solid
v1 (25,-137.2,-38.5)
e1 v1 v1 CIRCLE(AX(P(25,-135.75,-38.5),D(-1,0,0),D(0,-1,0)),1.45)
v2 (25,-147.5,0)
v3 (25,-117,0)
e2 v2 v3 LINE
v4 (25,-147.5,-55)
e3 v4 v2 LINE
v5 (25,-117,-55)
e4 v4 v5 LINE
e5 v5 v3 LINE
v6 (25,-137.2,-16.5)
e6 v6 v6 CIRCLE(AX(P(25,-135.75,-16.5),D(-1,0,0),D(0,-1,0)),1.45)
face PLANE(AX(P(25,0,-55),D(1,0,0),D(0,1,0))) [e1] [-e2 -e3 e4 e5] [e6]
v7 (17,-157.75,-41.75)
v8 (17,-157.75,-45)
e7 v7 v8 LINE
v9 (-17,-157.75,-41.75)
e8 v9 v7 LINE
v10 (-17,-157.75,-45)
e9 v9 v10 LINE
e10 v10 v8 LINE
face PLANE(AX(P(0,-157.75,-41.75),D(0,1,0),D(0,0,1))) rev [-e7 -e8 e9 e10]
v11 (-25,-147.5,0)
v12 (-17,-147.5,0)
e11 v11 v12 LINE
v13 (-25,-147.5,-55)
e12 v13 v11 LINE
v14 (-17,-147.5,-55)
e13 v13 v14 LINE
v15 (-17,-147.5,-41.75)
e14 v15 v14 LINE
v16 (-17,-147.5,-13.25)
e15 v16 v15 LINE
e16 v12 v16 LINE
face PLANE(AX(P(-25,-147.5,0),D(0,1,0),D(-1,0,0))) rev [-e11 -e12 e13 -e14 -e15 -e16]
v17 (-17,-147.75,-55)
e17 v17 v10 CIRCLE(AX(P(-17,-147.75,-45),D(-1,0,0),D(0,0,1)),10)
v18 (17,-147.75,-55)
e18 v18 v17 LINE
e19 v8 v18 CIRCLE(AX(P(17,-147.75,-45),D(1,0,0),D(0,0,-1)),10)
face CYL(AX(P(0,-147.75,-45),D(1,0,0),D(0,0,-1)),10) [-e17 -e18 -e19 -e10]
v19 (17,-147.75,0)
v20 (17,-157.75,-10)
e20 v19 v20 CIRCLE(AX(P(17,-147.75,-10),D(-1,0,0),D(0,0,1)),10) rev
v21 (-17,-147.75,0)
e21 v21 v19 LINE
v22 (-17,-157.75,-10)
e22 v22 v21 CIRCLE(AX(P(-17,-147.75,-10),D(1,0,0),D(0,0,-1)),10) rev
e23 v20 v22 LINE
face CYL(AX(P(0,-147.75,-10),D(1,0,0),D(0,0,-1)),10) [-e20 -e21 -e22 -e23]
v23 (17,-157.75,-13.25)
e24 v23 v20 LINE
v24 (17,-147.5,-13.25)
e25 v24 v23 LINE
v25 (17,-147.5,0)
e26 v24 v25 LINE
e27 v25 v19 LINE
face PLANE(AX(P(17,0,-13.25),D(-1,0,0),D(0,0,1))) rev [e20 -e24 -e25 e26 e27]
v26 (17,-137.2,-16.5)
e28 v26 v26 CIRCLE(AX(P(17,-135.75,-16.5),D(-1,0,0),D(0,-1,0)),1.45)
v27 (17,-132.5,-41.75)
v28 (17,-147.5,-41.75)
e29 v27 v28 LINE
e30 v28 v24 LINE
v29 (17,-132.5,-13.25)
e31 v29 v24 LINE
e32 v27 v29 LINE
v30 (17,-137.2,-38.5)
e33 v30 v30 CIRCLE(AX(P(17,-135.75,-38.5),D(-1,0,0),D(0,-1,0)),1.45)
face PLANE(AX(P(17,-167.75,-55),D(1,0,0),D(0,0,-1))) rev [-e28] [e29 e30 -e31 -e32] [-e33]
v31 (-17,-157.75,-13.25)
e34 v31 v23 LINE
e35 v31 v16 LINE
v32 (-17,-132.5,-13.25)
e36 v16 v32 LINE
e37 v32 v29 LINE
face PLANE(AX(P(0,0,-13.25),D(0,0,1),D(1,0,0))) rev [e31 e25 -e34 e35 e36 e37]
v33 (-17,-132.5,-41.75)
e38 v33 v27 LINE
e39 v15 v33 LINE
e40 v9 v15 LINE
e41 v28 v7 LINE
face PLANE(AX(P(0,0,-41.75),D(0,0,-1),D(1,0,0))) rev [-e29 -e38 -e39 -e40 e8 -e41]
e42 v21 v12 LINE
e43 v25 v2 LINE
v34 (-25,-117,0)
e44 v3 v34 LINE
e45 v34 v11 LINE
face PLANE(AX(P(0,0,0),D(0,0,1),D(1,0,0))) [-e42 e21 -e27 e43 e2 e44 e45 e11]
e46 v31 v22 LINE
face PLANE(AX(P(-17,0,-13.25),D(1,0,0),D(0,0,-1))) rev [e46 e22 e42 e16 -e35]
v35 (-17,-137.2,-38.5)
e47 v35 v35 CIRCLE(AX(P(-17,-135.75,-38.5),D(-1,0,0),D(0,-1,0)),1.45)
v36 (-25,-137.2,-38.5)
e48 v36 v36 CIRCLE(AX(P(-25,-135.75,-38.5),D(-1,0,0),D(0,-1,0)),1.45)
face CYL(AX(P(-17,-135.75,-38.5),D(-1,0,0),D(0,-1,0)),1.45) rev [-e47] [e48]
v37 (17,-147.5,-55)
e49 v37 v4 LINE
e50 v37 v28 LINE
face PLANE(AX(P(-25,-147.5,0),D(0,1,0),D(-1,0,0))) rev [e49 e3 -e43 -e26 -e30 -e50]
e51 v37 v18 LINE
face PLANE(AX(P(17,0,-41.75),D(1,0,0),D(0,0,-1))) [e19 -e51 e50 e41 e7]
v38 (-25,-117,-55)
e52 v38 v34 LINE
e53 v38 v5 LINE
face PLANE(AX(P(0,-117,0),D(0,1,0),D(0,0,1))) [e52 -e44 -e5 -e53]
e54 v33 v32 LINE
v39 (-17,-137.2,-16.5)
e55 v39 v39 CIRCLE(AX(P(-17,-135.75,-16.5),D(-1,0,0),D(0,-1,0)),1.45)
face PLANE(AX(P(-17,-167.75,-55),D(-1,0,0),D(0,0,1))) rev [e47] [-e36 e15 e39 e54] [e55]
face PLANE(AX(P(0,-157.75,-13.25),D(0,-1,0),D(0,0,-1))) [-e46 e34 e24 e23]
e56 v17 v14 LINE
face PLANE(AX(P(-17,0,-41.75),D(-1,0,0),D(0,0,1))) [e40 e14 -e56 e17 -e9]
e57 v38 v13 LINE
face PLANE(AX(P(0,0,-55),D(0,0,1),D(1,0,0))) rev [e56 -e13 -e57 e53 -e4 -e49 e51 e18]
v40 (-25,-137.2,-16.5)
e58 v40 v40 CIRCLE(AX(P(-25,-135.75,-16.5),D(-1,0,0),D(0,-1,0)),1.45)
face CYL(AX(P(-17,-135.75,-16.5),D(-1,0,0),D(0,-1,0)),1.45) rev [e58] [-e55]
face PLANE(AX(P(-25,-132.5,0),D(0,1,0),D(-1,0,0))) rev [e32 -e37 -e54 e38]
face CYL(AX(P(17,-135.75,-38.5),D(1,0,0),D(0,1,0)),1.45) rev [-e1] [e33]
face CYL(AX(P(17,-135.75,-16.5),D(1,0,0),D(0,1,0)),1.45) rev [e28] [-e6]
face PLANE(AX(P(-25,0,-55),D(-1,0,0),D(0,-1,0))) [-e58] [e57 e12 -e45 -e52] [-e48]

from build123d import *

# Parameters (mm, degrees)
SKETCH1_W           = 50
SKETCH1_H           = 170
BOSS_EXTRUDE1_DEPTH = 55
SKETCH2_W           = 34
SKETCH2_H           = 27
CUT_EXTRUDE1_DEPTH  = 181.416185527
SKETCH3_W           = 10
SKETCH3_H           = 24
SKETCH3_R           = 4.25
SKETCH3_R_2         = 1
CUT_EXTRUDE2_DEPTH  = 186.539753153
SKETCH4_W           = 2
SKETCH4_H           = 24
CUT_EXTRUDE3_DEPTH  = 178.623196683
SKETCH5_W           = 6.25
SKETCH5_H           = 11.25
CUT_EXTRUDE4_DEPTH  = 186.539753153
SKETCH6_W           = 38
SKETCH6_H           = 10
CUT_EXTRUDE5_DEPTH  = 181.416185527
SKETCH8_W           = 13.25
SKETCH8_H           = 2.25
CUT_EXTRUDE7_DEPTH  = 186.539753153
SKETCH9_W           = 34
SKETCH9_H           = 35.25
CUT_EXTRUDE8_DEPTH  = 179.297679458
SKETCH11_W          = 13.25
SKETCH11_H          = 20.25
CUT_EXTRUDE9_DEPTH  = 184.480414486
SKETCH12_W          = 28.5
SKETCH12_H          = 15
BOSS_EXTRUDE2_DEPTH = 8
SKETCH14_W          = 34
SKETCH14_H          = 15
SKETCH14_H_2        = 10.25
BOSS_EXTRUDE3_DEPTH = 13.25
SKETCH16_R          = 4.5
SKETCH16_R_2        = 2.5
CUT_EXTRUDE13_DEPTH = 8
SKETCH17_W          = 16.25
SKETCH17_H          = 18
CUT_EXTRUDE14_DEPTH = 175.384811552
CUT_EXTRUDE15_DEPTH = 175.384811552
SKETCH20_W          = 42
SKETCH20_H          = 6.25
SKETCH20_H_2        = 18
SKETCH20_H_3        = 58.75
CUT_EXTRUDE18_DEPTH = 169.923244404
SKETCH22_R          = 4.5
SKETCH22_R_2        = 1.45
BOSS_EXTRUDE4_DEPTH = 8
SKETCH23_W          = 2
SKETCH23_H          = 10
CUT_EXTRUDE19_DEPTH = 165.352137193
FILLET1_R           = 10
SKETCH24_W          = 55
SKETCH24_H          = 55
CUT_EXTRUDE20_DEPTH = 175.384811552
SKETCH25_W          = 109.643028434
SKETCH25_H          = 82.573484069
CUT_EXTRUDE21_DEPTH = 175.384811552


with BuildPart() as part:
    # Sketch1 → Boss-Extrude1 (new body)
    with BuildSketch(Plane.XY):
        with Locations((0, -85)):
            Rectangle(SKETCH1_W, SKETCH1_H)
    extrude(amount=-BOSS_EXTRUDE1_DEPTH)

    # Sketch2 → Cut-Extrude1 (cut, through all)
    with BuildSketch(Plane.XY):
        with Locations((0, -13.5)):
            Rectangle(SKETCH2_W, SKETCH2_H)
    extrude(amount=-CUT_EXTRUDE1_DEPTH, mode=Mode.SUBTRACT)

    # Sketch3 → Cut-Extrude2 (cut, through all)
    with BuildSketch(Plane(origin=(25, 0, 0), x_dir=(0, 0, -1), z_dir=(1, 0, 0))):
        with Locations((50, -12)):
            Rectangle(SKETCH3_W, SKETCH3_H)
        with Locations((5, -12)):
            Rectangle(SKETCH3_W, SKETCH3_H)
        with Locations(Location((27.5, -12.75, 0), (0, 0, 90))):
            Circle(SKETCH3_R)
        with Locations(Location((35.5, -12.75, 0), (0, 0, 90))):
            Circle(SKETCH3_R_2)
        with Locations(Location((27.5, -4.75, 0), (0, 0, 90))):
            Circle(SKETCH3_R_2)
        with Locations(Location((27.5, -20.75, 0), (0, 0, 90))):
            Circle(SKETCH3_R_2)
        with Locations(Location((19.5, -12.75, 0), (0, 0, 90))):
            Circle(SKETCH3_R_2)
    extrude(amount=-CUT_EXTRUDE2_DEPTH, mode=Mode.SUBTRACT)

    # Sketch4 → Cut-Extrude3 (cut, through all)
    with BuildSketch(Plane.XY.offset(-10)):
        with Locations((-18, -12)):
            Rectangle(SKETCH4_W, SKETCH4_H)
        with Locations((18, -12)):
            Rectangle(SKETCH4_W, SKETCH4_H)
    extrude(amount=-CUT_EXTRUDE3_DEPTH, mode=Mode.SUBTRACT)

    # Sketch5 → Cut-Extrude4 (cut, through all)
    with BuildSketch(Plane(origin=(25, 0, 0), x_dir=(0, 0, -1), z_dir=(1, 0, 0))):
        with BuildLine():
            Line((45, 0), (10, 0))
            Line((10, 0), (10, -12.75))
            Line((10, -12.75), (16.25, -12.75))
            ThreePointArc((16.25, -12.75), (27.5, -1.5), (38.75, -12.75))
            Line((38.75, -12.75), (45, -12.75))
            Line((45, -12.75), (45, 0))
        make_face()
        with Locations((13.125, -18.375)):
            Rectangle(SKETCH5_W, SKETCH5_H)
        with Locations((41.875, -18.375)):
            Rectangle(SKETCH5_W, SKETCH5_H)
    extrude(amount=-CUT_EXTRUDE4_DEPTH, mode=Mode.SUBTRACT)

    # Sketch6 → Cut-Extrude5 (cut, through all)
    with BuildSketch(Plane.XY):
        with Locations((0, -29)):
            Rectangle(SKETCH6_W, SKETCH6_H)
    extrude(amount=-CUT_EXTRUDE5_DEPTH, mode=Mode.SUBTRACT)

    # Sketch8 → Cut-Extrude7 (cut, through all)
    with BuildSketch(Plane(origin=(25, 0, 0), x_dir=(0, 0, -1), z_dir=(1, 0, 0))):
        with BuildLine():
            Line((27.5, -157.5), (27.5, -132.5))
            Line((27.5, -132.5), (13.25, -132.5))
            Line((13.25, -132.5), (13.25, -167.75))
            Line((13.25, -167.75), (17.25, -167.75))
            ThreePointArc((17.25, -167.75), (20.252155493, -160.502155493), (27.5, -157.5))
        make_face()
        with BuildLine():
            Line((41.75, -167.75), (41.75, -132.5))
            Line((41.75, -132.5), (27.5, -132.5))
            Line((27.5, -132.5), (27.5, -157.5))
            ThreePointArc((27.5, -157.5), (34.747844507, -160.502155493), (37.75, -167.75))
            Line((37.75, -167.75), (41.75, -167.75))
        make_face()
        with Locations((48.375, -168.875)):
            Rectangle(SKETCH8_W, SKETCH8_H)
        with Locations((6.625, -168.875)):
            Rectangle(SKETCH8_W, SKETCH8_H)
        with BuildLine():
            Line((17.25, -167.75), (13.25, -167.75))
            Line((13.25, -167.75), (13.25, -170))
            Line((13.25, -170), (17.5, -170))
            ThreePointArc((17.5, -170), (17.31269172, -168.881923142), (17.25, -167.75))
        make_face()
        with BuildLine():
            Line((41.75, -170), (41.75, -167.75))
            Line((41.75, -167.75), (37.75, -167.75))
            ThreePointArc((37.75, -167.75), (37.68730828, -168.881923142), (37.5, -170))
            Line((37.5, -170), (41.75, -170))
        make_face()
        with BuildLine():
            Line((27.5, -167.75), (27.5, -157.5))
            ThreePointArc((27.5, -157.5), (20.252155493, -160.502155493), (17.25, -167.75))
            Line((17.25, -167.75), (27.5, -167.75))
        make_face()
        with BuildLine():
            ThreePointArc((37.75, -167.75), (34.747844507, -160.502155493), (27.5, -157.5))
            Line((27.5, -157.5), (27.5, -167.75))
            Line((27.5, -167.75), (37.75, -167.75))
        make_face()
        with BuildLine():
            Line((27.5, -170), (27.5, -167.75))
            Line((27.5, -167.75), (17.25, -167.75))
            ThreePointArc((17.25, -167.75), (17.31269172, -168.881923142), (17.5, -170))
            Line((17.5, -170), (27.5, -170))
        make_face()
        with BuildLine():
            ThreePointArc((37.5, -170), (37.68730828, -168.881923142), (37.75, -167.75))
            Line((37.75, -167.75), (27.5, -167.75))
            Line((27.5, -167.75), (27.5, -170))
            Line((27.5, -170), (37.5, -170))
        make_face()
    extrude(amount=-CUT_EXTRUDE7_DEPTH, mode=Mode.SUBTRACT)

    # Sketch9 → Cut-Extrude8 (cut, through all)
    with BuildSketch(Plane.XY):
        with Locations((0, -150.125)):
            Rectangle(SKETCH9_W, SKETCH9_H)
    extrude(amount=-CUT_EXTRUDE8_DEPTH, mode=Mode.SUBTRACT)

    # Sketch11 → Cut-Extrude9 (cut, through all)
    with BuildSketch(Plane(origin=(25, 0, 0), x_dir=(0, 0, -1), z_dir=(1, 0, 0))):
        with BuildLine():
            ThreePointArc((17.25, -167.75), (20.252155493, -160.502155493), (27.5, -157.5))
            Line((27.5, -157.5), (27.5, -147.5))
            Line((27.5, -147.5), (13.25, -147.5))
            Line((13.25, -147.5), (13.25, -167.75))
            Line((13.25, -167.75), (17.25, -167.75))
        make_face()
        with BuildLine():
            Line((27.5, -147.5), (27.5, -157.5))
            ThreePointArc((27.5, -157.5), (34.747844507, -160.502155493), (37.75, -167.75))
            Line((37.75, -167.75), (41.75, -167.75))
            Line((41.75, -167.75), (41.75, -147.5))
            Line((41.75, -147.5), (27.5, -147.5))
        make_face()
        with Locations((48.375, -157.625)):
            Rectangle(SKETCH11_W, SKETCH11_H)
        with Locations((6.625, -157.625)):
            Rectangle(SKETCH11_W, SKETCH11_H)
    extrude(amount=-CUT_EXTRUDE9_DEPTH, mode=Mode.SUBTRACT)

    # Sketch12 → Boss-Extrude2 (add)
    with BuildSketch(Plane(origin=(25, 0, 0), x_dir=(0, 0, -1), z_dir=(1, 0, 0))):
        with Locations((27.5, -140)):
            Rectangle(SKETCH12_W, SKETCH12_H)
    boss_extrude2 = extrude(amount=-BOSS_EXTRUDE2_DEPTH)

    # Mirror1: Boss-Extrude2 across plane
    add(boss_extrude2.mirror(Plane(origin=(0, 0, 0), x_dir=(0, 0, 1), z_dir=(1, 0, 0))))

    # Sketch14 → Boss-Extrude3 (add)
    with BuildSketch(Plane.XY):
        with Locations((0, -140)):
            Rectangle(SKETCH14_W, SKETCH14_H)
        with Locations((0, -152.625)):
            Rectangle(SKETCH14_W, SKETCH14_H_2)
    boss_extrude3 = extrude(amount=-BOSS_EXTRUDE3_DEPTH)

    # Mirror2: Boss-Extrude3 across plane
    add(boss_extrude3.mirror(Plane.XY.offset(-27.5)))

    # Sketch16 → Cut-Extrude13 (cut)
    # profile 1 of 3: a face of its own
    with BuildSketch(Plane(origin=(25, 0, 0), x_dir=(0, 0, -1), z_dir=(1, 0, 0))):
        with Locations(Location((16.5, -135.75, 0), (0, 0, 90))):
            Circle(SKETCH16_R)
        with Locations((16.5, -135.75)):
            Circle(SKETCH16_R_2, mode=Mode.SUBTRACT)
    # profile 2 of 3: a face of its own
    with BuildSketch(Plane(origin=(25, 0, 0), x_dir=(0, 0, -1), z_dir=(1, 0, 0))):
        with Locations((16.5, -135.75)):
            Circle(SKETCH16_R_2)
    # profile 3 of 3: a face of its own
    with BuildSketch(Plane(origin=(25, 0, 0), x_dir=(0, 0, -1), z_dir=(1, 0, 0))):
        with Locations(Location((38.5, -135.75, 0), (0, 0, 90))):
            Circle(SKETCH16_R)
    cut_extrude13 = extrude(amount=-CUT_EXTRUDE13_DEPTH, mode=Mode.SUBTRACT)

    # Mirror3: Cut-Extrude13 across plane
    add(cut_extrude13.mirror(Plane(origin=(0, 0, 0), x_dir=(0, 0, 1), z_dir=(1, 0, 0))), mode=Mode.SUBTRACT)

    # Sketch17 → Cut-Extrude14 (cut, through all)
    with BuildSketch(Plane(origin=(25, 0, 0), x_dir=(0, 0, -1), z_dir=(1, 0, 0))):
        with Locations((46.875, -33)):
            Rectangle(SKETCH17_W, SKETCH17_H)
        with Locations((8.125, -33)):
            Rectangle(SKETCH17_W, SKETCH17_H)
    extrude(amount=-CUT_EXTRUDE14_DEPTH, mode=Mode.SUBTRACT)

    # Sketch18 → Cut-Extrude15 (cut, through all)
    with BuildSketch(Plane(origin=(25, 0, 0), x_dir=(0, 0, -1), z_dir=(1, 0, 0))):
        with BuildLine():
            ThreePointArc((0, -58.25), (4.759514806, -46.759514806), (16.25, -42))
            Line((16.25, -42), (0, -42))
            Line((0, -42), (0, -58.25))
        make_face()
        with BuildLine():
            Line((55, -42), (38.75, -42))
            ThreePointArc((38.75, -42), (50.240485194, -46.759514806), (55, -58.25))
            Line((55, -58.25), (55, -42))
        make_face()
    extrude(amount=-CUT_EXTRUDE15_DEPTH, mode=Mode.SUBTRACT)

    # Sketch20 → Cut-Extrude18 (cut, through all)
    with BuildSketch(Plane(origin=(0, 0, -55), x_dir=(-1, 0, 0), z_dir=(0, 0, -1))):
        with Locations((0, -55.125)):
            Rectangle(SKETCH20_W, SKETCH20_H)
        with Locations((0, -43)):
            Rectangle(SKETCH20_W, SKETCH20_H_2)
        with Locations((0, -87.625)):
            Rectangle(SKETCH20_W, SKETCH20_H_3)
    extrude(amount=-CUT_EXTRUDE18_DEPTH, mode=Mode.SUBTRACT)

    # Sketch22 → Boss-Extrude4 (add)
    # profile 1 of 2: a face of its own
    with BuildSketch(Plane.ZY.offset(25)):
        with Locations(Location((-38.5, -135.75, 0), (0, 0, 90))):
            Circle(SKETCH22_R)
        with Locations(Location((-38.5, -135.75, 0), (0, 0, 270))):
            Circle(SKETCH22_R_2, mode=Mode.SUBTRACT)
    # profile 2 of 2: a face of its own
    with BuildSketch(Plane.ZY.offset(25)):
        with Locations(Location((-16.5, -135.75, 0), (0, 0, 90))):
            Circle(SKETCH22_R)
        with Locations(Location((-16.5, -135.75, 0), (0, 0, 270))):
            Circle(SKETCH22_R_2, mode=Mode.SUBTRACT)
    boss_extrude4 = extrude(amount=-BOSS_EXTRUDE4_DEPTH)

    # Mirror4: Boss-Extrude4 across plane
    add(boss_extrude4.mirror(Plane(origin=(0, 0, 0), x_dir=(0, 0, 1), z_dir=(1, 0, 0))))

    # Sketch23 → Cut-Extrude19 (cut, through all)
    with BuildSketch(Plane(origin=(0, 0, -38.75), x_dir=(-1, 0, 0), z_dir=(0, 0, -1))):
        with Locations((-20, -29)):
            Rectangle(SKETCH23_W, SKETCH23_H)
        with Locations((20, -29)):
            Rectangle(SKETCH23_W, SKETCH23_H)
    extrude(amount=-CUT_EXTRUDE19_DEPTH, mode=Mode.SUBTRACT)

    # Fillet1
    fillet1_edges = [part.edges().sort_by_distance(p)[0] for p in [
        (0, -157.75, 0),
        (0, -157.75, -55),
    ]]
    fillet(fillet1_edges, radius=FILLET1_R)

    # Sketch24 → Cut-Extrude20 (cut, through all)
    with BuildSketch(Plane.ZY.offset(25)):
        with Locations((-27.5, -89.5)):
            Rectangle(SKETCH24_W, SKETCH24_H)
    extrude(amount=-CUT_EXTRUDE20_DEPTH, mode=Mode.SUBTRACT)


with BuildPart() as cut_extrude20_piece_1:
    # of the separate pieces the step leaves, piece 1, a body of its own (cut_extrude20_pieces)
    add(part.part.solids().sort_by_distance((17, -147.75, 0))[0])


with BuildPart() as cut_extrude20_piece_2:
    # of the separate pieces the step leaves, piece 2, a body of its own (cut_extrude20_pieces)
    add(part.part.solids().sort_by_distance((25, -58.25, 0))[0])


with BuildPart() as cut_extrude20_piece_3:
    # of the separate pieces the step leaves, piece 3, a body of its own (cut_extrude20_pieces)
    add(part.part.solids().sort_by_distance((-25, -62, 0))[0])


with BuildPart() as cut_extrude21_tool:
    # Sketch25 → Cut-Extrude21 (new, through all)
    with BuildSketch(Plane.ZY.offset(25)):
        with Locations((-25.125575684, -34.55424545)):
            Rectangle(SKETCH25_W, SKETCH25_H)
    extrude(amount=-CUT_EXTRUDE21_DEPTH)


with BuildPart() as cut_extrude20_piece_2_1:
    add(cut_extrude20_piece_2.part)

    # Cut-Extrude21: cut by cut_extrude21_tool
    add(cut_extrude21_tool.part, mode=Mode.SUBTRACT)


with BuildPart() as cut_extrude20_piece_3_1:
    add(cut_extrude20_piece_3.part)

    # Cut-Extrude21: cut by cut_extrude21_tool
    add(cut_extrude21_tool.part, mode=Mode.SUBTRACT)


solid = cut_extrude20_piece_1.part
